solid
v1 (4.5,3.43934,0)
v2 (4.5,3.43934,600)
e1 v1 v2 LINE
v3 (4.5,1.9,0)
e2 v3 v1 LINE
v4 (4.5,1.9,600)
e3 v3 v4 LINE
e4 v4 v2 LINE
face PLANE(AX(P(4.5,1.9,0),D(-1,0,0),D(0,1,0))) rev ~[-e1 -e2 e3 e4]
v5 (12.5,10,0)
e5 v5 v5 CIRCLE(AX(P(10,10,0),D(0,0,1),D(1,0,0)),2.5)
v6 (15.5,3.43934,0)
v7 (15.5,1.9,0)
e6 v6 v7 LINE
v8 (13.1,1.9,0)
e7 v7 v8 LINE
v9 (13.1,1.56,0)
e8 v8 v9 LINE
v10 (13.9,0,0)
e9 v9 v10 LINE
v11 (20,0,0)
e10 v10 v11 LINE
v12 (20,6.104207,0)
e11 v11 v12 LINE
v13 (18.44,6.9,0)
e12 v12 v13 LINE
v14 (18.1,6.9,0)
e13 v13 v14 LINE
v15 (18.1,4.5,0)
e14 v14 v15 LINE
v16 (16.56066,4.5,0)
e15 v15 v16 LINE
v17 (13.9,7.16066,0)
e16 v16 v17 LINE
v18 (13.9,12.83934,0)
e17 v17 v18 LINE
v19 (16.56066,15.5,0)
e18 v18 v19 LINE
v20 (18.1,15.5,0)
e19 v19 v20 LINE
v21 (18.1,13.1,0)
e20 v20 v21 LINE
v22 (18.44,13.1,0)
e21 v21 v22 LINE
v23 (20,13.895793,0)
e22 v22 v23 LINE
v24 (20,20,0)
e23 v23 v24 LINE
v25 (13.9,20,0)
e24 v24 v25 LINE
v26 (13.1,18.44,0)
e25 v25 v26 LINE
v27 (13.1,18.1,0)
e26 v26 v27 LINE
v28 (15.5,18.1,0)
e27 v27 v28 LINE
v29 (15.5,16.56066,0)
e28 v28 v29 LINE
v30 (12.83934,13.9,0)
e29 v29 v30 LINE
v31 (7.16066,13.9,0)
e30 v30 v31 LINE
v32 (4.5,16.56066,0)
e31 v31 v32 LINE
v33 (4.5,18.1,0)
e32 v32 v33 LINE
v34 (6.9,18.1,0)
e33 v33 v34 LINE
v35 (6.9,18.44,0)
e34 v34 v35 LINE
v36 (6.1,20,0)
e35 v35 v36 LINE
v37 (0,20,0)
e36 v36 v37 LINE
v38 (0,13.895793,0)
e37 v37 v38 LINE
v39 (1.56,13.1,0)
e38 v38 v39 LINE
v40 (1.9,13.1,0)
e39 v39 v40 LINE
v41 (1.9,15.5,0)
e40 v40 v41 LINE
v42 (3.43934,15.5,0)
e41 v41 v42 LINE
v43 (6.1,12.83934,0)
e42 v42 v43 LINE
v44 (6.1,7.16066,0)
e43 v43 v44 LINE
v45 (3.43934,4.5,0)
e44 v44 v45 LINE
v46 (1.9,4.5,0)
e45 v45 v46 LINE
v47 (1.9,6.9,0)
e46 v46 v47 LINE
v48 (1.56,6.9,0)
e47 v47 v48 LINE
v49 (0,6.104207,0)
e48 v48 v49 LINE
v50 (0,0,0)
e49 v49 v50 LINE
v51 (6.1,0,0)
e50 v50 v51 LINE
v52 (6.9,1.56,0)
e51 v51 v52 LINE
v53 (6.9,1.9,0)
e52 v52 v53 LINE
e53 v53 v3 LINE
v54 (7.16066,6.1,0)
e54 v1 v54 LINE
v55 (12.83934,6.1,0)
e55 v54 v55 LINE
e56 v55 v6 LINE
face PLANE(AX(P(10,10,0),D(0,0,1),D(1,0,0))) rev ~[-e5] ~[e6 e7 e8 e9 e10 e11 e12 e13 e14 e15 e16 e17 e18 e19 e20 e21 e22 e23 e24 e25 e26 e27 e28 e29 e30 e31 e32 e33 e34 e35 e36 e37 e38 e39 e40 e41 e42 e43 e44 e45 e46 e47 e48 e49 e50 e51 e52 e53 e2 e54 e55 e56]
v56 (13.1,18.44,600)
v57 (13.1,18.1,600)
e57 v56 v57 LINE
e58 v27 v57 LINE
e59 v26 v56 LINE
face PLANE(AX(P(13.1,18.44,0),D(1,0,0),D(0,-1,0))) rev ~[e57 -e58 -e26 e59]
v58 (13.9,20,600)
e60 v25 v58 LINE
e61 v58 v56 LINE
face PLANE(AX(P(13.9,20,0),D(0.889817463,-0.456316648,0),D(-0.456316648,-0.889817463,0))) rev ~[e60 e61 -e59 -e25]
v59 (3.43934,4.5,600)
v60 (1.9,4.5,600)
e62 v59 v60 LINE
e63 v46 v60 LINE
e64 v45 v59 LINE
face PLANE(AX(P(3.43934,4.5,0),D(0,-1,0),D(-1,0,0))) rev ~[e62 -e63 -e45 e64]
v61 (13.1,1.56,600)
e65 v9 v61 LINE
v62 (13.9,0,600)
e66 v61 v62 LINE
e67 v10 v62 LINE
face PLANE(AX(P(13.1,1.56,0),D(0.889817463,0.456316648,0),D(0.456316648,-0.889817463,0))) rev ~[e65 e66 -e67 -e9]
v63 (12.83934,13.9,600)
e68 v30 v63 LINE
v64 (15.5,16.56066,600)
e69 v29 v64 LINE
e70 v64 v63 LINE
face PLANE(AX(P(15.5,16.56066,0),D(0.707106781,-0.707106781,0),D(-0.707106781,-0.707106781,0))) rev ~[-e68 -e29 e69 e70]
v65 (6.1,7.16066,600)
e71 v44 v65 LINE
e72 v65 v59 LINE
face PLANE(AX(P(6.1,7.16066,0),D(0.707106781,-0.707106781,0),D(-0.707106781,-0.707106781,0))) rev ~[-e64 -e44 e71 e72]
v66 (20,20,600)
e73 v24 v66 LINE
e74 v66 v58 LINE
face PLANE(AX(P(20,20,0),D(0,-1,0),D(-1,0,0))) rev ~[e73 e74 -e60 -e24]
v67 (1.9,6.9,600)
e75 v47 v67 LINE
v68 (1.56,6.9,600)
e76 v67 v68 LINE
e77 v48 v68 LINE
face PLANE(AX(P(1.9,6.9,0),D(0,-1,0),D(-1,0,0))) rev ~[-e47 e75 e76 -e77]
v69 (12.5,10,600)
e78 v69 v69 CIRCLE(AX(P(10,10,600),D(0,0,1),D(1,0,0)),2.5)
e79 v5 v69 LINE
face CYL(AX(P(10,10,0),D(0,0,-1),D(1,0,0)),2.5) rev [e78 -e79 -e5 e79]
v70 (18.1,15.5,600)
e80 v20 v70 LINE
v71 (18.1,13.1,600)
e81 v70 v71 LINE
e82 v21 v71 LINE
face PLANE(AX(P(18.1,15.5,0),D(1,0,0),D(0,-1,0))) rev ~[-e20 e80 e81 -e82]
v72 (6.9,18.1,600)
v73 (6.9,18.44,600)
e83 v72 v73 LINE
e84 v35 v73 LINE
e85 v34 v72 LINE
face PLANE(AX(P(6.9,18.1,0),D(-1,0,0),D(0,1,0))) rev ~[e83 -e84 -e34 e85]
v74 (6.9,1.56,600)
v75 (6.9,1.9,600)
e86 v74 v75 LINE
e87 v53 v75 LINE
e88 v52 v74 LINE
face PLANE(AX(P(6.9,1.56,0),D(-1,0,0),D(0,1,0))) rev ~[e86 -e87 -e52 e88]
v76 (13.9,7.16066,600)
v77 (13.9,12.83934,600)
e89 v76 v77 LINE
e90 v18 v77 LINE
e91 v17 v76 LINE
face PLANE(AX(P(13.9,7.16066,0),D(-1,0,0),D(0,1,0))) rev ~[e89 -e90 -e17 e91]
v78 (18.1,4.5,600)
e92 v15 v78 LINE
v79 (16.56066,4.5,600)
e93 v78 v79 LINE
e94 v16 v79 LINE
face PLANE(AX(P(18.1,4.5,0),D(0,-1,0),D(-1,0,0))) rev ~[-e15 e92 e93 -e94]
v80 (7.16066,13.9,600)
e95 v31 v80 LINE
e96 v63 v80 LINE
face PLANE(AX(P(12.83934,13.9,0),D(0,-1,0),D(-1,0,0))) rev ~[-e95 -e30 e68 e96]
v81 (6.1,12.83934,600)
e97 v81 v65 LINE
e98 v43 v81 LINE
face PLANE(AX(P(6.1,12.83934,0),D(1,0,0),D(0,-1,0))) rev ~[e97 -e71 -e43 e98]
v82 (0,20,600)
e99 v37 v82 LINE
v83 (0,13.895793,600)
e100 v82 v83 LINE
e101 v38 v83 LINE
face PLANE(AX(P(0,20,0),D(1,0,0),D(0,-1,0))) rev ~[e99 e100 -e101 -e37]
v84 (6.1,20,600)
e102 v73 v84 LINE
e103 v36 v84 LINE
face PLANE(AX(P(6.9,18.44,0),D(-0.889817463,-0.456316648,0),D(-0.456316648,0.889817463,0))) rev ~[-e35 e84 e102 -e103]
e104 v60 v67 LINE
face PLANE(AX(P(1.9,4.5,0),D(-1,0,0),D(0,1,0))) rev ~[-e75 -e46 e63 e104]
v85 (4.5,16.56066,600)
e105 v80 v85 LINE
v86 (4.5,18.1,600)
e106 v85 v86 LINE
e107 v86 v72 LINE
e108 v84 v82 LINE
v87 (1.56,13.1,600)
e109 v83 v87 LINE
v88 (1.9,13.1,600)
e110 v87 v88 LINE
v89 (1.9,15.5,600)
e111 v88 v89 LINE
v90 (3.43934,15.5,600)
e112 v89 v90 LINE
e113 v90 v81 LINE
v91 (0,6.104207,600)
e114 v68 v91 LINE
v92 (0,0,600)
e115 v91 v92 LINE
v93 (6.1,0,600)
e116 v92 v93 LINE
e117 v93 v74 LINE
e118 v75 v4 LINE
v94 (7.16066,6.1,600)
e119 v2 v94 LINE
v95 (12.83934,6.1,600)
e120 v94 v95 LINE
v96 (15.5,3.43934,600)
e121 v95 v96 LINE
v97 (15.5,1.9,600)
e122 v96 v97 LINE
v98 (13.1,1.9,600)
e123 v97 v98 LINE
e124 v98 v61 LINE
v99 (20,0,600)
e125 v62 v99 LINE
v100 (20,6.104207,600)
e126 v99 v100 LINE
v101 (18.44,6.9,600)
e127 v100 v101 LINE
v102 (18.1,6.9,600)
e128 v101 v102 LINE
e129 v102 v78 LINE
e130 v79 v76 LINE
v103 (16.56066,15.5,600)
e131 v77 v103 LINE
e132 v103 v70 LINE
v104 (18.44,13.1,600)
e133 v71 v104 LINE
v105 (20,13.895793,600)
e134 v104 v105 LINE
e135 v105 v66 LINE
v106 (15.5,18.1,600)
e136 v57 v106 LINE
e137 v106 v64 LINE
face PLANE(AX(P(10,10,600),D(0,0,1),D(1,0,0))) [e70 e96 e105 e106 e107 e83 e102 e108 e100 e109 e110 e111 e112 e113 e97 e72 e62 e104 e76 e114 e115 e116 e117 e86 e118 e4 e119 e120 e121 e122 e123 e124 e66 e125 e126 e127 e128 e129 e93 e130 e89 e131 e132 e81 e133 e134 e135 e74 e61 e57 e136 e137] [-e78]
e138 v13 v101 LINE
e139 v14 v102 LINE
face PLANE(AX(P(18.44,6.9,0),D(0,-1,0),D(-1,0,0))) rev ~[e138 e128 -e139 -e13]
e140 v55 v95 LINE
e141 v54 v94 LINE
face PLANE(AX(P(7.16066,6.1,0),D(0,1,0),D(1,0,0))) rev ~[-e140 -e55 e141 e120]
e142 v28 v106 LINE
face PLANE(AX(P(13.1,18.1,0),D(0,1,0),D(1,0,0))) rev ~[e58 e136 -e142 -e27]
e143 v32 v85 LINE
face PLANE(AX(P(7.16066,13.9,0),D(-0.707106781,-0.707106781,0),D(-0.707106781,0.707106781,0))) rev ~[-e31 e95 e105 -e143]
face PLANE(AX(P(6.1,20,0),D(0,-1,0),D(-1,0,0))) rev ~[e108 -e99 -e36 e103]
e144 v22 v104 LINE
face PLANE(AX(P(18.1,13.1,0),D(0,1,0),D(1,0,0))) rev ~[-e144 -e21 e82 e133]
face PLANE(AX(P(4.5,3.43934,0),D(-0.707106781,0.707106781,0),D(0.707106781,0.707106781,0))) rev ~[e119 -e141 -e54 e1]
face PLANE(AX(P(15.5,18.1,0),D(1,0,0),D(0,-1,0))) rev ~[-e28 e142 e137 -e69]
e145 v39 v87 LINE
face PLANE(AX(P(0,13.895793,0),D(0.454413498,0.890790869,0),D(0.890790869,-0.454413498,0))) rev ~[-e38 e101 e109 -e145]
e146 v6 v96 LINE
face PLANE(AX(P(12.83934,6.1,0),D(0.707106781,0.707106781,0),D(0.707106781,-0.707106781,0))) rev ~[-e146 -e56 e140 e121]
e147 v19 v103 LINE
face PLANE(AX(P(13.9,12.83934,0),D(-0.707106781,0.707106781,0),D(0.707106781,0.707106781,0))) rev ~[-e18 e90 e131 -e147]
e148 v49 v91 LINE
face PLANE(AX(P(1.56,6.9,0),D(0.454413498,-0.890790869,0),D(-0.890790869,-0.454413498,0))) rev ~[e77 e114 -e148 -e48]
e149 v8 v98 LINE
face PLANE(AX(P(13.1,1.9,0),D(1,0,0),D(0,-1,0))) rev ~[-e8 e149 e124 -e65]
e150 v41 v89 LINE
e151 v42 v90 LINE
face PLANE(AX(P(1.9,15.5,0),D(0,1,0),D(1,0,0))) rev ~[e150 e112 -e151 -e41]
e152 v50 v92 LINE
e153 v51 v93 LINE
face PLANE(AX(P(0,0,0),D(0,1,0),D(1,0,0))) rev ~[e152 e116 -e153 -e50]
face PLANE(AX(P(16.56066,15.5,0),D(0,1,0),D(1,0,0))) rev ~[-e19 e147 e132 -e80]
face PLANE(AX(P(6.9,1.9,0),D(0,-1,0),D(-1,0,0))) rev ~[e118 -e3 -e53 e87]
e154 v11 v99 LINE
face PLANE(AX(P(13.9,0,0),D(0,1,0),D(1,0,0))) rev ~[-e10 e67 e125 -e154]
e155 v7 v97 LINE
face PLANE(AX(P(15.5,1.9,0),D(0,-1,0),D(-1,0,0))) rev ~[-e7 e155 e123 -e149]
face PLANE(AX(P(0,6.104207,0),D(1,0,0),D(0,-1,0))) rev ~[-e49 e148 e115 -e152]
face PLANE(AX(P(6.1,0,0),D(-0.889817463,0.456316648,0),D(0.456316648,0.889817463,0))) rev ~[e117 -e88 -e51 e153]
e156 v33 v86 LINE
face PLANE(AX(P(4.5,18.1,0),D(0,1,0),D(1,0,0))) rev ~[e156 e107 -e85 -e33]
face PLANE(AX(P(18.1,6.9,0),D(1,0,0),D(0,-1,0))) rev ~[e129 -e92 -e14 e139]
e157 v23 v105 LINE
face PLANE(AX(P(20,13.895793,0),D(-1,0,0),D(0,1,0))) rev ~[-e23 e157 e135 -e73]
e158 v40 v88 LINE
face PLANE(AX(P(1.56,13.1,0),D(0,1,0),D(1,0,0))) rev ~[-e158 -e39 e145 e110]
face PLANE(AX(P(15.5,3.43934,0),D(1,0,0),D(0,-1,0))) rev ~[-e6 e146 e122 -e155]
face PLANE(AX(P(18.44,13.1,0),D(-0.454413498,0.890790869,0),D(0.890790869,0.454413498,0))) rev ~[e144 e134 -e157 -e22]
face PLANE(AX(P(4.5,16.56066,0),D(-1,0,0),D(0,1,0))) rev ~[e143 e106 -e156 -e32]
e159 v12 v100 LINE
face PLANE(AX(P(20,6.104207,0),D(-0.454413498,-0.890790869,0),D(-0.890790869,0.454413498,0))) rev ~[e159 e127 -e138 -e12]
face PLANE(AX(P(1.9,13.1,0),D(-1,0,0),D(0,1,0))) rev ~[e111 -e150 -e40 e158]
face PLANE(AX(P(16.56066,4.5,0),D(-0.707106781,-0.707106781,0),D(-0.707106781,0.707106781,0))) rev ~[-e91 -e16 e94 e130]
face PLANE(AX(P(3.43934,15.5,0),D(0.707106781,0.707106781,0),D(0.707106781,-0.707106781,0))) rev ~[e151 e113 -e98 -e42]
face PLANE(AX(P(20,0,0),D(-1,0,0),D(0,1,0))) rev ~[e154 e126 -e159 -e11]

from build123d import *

# Parameters (mm, degrees)
SKETCH1_R           = 2.5
BOSS_EXTRUDE1_DEPTH = 600


with BuildPart() as part:
    # Sketch1 → Boss-Extrude1 (new body)
    with BuildSketch(Plane.XY):
        Polygon((6.1, 20), (0, 20), (0, 13.895792909), (1.56, 13.1), (1.9, 13.1), (1.9, 15.5), (3.439339828, 15.5), (6.1, 12.839339828), (6.1, 7.160660172), (3.439339828, 4.5), (1.9, 4.5), (1.9, 6.9), (1.56, 6.9), (0, 6.104207091), (0, 0), (6.1, 0), (6.9, 1.56), (6.9, 1.9), (4.5, 1.9), (4.5, 3.439339828), (7.160660172, 6.1), (12.839339828, 6.1), (15.5, 3.439339828), (15.5, 1.9), (13.1, 1.9), (13.1, 1.56), (13.9, 0), (20, 0), (20, 6.104207091), (18.44, 6.9), (18.1, 6.9), (18.1, 4.5), (16.560660172, 4.5), (13.9, 7.160660172), (13.9, 12.839339828), (16.560660172, 15.5), (18.1, 15.5), (18.1, 13.1), (18.44, 13.1), (20, 13.895792909), (20, 20), (13.9, 20), (13.1, 18.44), (13.1, 18.1), (15.5, 18.1), (15.5, 16.560660172), (12.839339828, 13.9), (7.160660172, 13.9), (4.5, 16.560660172), (4.5, 18.1), (6.9, 18.1), (6.9, 18.44), align=None)
        with Locations((10, 10)):
            Circle(SKETCH1_R, mode=Mode.SUBTRACT)
    extrude(amount=BOSS_EXTRUDE1_DEPTH)


solid = part.part
